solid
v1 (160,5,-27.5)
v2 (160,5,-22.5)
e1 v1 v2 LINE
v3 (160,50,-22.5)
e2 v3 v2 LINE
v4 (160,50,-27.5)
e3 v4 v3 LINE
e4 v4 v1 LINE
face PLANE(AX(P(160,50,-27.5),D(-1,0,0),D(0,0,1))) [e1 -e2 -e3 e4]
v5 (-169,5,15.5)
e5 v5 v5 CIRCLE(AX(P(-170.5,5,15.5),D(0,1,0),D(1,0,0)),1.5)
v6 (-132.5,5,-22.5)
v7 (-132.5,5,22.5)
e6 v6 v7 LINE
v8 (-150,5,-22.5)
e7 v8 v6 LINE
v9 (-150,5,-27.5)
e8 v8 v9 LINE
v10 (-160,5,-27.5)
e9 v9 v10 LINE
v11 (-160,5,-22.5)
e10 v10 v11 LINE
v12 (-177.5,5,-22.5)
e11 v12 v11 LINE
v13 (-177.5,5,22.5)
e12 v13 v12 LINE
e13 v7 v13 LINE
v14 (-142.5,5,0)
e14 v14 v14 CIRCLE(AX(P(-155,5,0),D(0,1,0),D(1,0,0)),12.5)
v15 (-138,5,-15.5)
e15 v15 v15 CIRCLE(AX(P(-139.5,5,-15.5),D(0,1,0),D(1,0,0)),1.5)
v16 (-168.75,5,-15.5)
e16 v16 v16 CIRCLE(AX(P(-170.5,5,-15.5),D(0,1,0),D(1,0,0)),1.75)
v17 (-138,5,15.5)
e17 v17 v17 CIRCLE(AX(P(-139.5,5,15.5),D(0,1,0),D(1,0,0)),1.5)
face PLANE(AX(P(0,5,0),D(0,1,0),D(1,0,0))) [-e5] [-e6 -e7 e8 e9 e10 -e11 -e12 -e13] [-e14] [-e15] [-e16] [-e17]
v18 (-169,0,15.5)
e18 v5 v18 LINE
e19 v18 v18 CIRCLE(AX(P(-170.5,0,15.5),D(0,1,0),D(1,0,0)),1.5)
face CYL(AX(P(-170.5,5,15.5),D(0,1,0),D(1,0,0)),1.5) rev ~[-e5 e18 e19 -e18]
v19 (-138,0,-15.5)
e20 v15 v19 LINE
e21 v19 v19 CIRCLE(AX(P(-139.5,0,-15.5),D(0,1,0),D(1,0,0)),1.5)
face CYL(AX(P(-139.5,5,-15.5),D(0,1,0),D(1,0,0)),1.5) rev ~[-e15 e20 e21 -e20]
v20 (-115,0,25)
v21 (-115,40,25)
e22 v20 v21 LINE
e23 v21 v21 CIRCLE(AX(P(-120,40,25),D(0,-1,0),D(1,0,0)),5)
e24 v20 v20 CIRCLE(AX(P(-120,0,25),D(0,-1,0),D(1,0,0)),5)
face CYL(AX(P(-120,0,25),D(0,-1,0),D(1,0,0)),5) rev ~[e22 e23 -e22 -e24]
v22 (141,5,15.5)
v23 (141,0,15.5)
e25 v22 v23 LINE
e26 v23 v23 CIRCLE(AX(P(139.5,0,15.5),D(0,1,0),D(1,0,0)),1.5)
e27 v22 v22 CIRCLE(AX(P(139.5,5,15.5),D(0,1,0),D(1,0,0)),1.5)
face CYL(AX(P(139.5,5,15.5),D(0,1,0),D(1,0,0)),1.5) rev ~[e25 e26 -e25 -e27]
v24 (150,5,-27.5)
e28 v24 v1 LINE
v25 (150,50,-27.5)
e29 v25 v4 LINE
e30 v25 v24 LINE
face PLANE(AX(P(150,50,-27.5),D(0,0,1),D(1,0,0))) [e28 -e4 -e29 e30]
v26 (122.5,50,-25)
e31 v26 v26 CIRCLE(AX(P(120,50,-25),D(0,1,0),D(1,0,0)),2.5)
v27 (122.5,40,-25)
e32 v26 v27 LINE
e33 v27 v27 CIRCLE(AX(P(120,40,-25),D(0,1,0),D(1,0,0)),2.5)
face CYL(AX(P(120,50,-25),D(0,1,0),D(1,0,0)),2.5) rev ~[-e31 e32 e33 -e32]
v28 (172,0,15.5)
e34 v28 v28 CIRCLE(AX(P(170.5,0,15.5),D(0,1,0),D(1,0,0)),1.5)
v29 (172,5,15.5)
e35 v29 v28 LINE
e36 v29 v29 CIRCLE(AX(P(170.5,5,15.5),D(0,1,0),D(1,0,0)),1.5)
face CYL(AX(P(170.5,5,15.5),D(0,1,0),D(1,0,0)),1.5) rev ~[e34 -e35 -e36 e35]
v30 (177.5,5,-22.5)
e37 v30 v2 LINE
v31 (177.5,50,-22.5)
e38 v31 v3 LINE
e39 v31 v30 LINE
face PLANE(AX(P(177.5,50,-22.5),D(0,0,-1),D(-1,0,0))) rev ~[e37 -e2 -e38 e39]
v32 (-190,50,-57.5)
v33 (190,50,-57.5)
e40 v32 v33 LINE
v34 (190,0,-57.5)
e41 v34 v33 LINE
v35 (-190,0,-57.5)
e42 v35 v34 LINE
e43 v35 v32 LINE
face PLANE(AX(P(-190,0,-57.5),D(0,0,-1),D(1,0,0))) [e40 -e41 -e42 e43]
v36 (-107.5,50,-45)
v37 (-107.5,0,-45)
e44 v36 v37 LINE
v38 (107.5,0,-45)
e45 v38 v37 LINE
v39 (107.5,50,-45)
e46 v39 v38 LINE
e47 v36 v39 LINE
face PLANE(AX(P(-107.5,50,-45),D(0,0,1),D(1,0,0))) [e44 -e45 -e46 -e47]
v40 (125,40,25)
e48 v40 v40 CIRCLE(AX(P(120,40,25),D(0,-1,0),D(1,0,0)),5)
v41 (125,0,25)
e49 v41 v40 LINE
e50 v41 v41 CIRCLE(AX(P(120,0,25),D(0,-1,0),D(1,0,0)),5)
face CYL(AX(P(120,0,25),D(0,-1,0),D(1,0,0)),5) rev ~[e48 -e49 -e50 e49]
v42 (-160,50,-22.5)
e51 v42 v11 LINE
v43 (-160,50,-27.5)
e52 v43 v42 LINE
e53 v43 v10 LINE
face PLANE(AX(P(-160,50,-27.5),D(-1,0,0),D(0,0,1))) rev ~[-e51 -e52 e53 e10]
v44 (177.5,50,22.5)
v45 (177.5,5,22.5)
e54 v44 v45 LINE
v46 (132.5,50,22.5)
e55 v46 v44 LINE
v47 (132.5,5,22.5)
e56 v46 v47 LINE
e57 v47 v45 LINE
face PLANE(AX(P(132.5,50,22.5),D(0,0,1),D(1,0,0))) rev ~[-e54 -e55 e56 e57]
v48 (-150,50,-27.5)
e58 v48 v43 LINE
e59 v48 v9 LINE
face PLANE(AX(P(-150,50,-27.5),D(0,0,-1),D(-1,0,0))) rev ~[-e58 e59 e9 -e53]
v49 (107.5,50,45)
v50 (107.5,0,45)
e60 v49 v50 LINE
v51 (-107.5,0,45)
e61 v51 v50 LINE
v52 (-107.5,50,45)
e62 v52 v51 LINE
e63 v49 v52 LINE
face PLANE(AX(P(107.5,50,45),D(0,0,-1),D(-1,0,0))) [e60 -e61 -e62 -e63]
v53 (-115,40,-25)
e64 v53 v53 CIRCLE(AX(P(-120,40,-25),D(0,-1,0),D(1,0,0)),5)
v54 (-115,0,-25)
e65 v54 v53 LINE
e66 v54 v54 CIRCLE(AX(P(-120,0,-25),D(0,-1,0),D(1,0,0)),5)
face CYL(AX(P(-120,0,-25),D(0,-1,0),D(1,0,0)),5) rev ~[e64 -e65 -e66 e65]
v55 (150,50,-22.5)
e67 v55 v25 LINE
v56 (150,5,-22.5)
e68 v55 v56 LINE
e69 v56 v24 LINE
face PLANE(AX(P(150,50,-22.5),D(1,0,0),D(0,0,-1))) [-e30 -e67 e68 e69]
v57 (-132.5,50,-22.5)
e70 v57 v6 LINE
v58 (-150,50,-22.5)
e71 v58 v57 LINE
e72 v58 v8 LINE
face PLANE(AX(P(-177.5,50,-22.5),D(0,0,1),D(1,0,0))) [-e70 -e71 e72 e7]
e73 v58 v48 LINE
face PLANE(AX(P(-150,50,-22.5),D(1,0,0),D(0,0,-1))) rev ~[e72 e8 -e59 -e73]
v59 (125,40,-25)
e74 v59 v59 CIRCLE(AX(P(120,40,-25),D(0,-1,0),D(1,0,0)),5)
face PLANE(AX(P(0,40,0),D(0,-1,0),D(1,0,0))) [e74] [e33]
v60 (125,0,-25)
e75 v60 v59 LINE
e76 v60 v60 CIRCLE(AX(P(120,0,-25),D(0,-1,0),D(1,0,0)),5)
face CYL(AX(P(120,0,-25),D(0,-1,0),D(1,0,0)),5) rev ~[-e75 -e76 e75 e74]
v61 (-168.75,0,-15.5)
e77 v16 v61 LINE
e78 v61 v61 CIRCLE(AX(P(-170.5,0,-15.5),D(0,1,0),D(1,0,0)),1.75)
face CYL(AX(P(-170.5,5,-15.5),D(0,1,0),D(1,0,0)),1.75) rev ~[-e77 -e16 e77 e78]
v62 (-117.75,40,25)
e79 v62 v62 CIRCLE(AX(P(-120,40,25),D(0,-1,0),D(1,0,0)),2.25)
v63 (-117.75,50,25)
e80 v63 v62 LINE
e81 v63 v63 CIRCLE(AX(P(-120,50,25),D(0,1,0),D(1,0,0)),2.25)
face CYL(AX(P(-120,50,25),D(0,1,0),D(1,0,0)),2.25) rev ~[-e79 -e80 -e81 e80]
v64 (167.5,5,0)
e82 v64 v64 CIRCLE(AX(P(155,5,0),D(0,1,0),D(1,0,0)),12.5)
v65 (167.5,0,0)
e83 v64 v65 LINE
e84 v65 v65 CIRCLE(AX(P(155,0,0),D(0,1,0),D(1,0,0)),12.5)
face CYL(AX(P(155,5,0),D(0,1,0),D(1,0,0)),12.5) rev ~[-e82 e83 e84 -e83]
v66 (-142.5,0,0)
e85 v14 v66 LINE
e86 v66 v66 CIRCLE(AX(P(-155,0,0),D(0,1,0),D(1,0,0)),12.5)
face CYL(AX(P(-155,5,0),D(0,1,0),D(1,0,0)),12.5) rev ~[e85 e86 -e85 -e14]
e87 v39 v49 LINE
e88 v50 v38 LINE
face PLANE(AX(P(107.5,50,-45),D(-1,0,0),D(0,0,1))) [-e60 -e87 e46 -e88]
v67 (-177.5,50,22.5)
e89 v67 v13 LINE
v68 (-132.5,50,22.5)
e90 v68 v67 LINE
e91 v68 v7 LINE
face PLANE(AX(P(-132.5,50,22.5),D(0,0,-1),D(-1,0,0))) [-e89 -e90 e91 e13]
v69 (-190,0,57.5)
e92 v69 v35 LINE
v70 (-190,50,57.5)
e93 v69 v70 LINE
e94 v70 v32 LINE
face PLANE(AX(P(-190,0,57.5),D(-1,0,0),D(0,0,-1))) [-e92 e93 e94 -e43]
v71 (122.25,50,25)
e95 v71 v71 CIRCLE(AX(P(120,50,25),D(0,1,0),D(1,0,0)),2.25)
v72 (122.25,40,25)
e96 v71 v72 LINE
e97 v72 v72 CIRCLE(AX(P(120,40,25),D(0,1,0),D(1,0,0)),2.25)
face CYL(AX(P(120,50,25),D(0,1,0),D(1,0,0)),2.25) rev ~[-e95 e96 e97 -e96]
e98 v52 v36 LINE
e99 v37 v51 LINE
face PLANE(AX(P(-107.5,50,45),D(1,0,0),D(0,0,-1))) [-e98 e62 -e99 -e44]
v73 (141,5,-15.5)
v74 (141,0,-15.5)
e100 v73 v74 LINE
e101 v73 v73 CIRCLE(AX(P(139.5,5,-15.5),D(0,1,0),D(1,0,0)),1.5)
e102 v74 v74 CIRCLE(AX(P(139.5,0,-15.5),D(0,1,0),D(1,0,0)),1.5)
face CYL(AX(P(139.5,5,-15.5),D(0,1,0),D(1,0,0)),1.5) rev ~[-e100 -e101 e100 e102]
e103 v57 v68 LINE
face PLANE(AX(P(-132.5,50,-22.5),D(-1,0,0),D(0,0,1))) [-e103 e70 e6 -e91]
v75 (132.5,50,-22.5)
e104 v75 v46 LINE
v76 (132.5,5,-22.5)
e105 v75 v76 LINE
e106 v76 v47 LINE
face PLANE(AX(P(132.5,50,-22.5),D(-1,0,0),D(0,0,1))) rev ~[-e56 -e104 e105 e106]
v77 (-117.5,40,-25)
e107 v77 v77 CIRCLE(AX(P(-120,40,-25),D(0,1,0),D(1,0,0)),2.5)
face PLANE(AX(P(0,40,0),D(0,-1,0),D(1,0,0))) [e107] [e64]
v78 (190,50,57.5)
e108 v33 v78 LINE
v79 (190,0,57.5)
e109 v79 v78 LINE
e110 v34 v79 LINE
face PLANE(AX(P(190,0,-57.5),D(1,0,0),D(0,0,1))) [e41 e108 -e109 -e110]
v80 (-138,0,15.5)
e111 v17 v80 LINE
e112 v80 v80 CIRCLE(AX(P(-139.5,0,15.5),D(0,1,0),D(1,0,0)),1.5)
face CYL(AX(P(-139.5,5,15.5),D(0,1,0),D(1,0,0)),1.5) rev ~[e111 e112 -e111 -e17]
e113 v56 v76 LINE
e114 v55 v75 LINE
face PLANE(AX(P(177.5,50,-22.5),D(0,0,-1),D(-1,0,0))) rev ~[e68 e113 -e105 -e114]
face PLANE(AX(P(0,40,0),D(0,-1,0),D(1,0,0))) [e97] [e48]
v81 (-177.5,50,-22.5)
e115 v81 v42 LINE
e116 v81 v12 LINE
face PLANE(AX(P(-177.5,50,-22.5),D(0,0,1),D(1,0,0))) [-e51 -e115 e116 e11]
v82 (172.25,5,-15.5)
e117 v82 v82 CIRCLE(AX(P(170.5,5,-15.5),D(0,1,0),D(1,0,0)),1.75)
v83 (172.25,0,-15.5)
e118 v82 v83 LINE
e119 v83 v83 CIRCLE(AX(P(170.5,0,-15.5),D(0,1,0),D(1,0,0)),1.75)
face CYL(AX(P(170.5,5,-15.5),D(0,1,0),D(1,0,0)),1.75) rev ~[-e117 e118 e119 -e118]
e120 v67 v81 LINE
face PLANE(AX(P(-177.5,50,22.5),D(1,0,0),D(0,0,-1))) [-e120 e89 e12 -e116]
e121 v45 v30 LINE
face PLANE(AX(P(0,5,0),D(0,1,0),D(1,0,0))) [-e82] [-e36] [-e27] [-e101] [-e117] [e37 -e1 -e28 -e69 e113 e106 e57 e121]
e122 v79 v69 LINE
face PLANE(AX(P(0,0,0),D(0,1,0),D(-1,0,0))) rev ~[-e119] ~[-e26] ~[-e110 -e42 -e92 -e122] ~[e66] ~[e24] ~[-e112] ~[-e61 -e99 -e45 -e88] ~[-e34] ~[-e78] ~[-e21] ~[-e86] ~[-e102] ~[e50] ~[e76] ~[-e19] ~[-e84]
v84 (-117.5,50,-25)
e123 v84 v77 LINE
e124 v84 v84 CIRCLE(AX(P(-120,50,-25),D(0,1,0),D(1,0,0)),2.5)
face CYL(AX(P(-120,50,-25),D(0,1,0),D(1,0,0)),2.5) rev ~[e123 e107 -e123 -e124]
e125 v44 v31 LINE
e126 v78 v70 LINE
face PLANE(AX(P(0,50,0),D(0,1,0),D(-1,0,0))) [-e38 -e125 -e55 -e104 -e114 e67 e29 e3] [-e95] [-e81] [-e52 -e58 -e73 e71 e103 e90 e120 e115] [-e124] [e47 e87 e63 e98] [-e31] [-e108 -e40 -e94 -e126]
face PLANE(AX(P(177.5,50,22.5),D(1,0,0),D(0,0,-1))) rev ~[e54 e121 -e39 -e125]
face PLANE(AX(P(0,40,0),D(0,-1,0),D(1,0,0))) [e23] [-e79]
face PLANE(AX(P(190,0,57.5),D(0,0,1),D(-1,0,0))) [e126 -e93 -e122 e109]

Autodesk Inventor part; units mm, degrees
ref_plane "YZ Plane" through (0, 0, 0) normal (1, 0, 0) x (0, 1, 0)
ref_plane "XZ Plane" through (0, 0, 0) normal (0, 1, 0) x (-1, 0, 0)
ref_plane "XY Plane" through (0, 0, 0) normal (0, 0, 1) x (1, 0, 0)
sketch "Sketch1" plane through (0, 0, 0) normal (0, 1, 0) x (-1, 0, 0)
  line L0 (190, -57.5) -> (-190, -57.5)
  line L1 (-190, -57.5) -> (-190, 57.5)
  line L2 (-190, 57.5) -> (190, 57.5)
  line L3 (190, 57.5) -> (190, -57.5)
  line L4 (0, -57.5) -> (0, 57.5) construction
  line L5 (190, 0) -> (-190, 0) construction
  point P0 (0, 0)
  point P1 (0, 0)
  dimension "d0" = 380
  dimension "d1" = 115
extrude "Extrusion1" add sketch "Sketch1" along normal blind 50
sketch "Sketch2" plane through (0, 50, 0) normal (0, 1, 0) x (1, 0, 0)
  line L0 (-177.5, 22.5) -> (-132.5, 22.5)
  line L1 (-132.5, 22.5) -> (-132.5, -22.5)
  line L2 (-132.5, -22.5) -> (-177.5, -22.5)
  line L3 (-177.5, -22.5) -> (-177.5, 22.5)
  line L4 (190, 57.5) -> (-190, 57.5) construction
  line L5 (0, 57.5) -> (0, -57.5) construction
  line L6 (-190, -57.5) -> (190, -57.5) construction
  line L7 (-190, 57.5) -> (-190, -57.5) construction
  line L8 (-190, 0) -> (190, 0) construction
  line L9 (190, -57.5) -> (190, 57.5) construction
  line L10 (-177.5, 0) -> (-132.5, 0) construction
  line L11 (-155, 22.5) -> (-155, -22.5) construction
  line L12 (177.5, 22.5) -> (132.5, 22.5)
  line L13 (132.5, 22.5) -> (132.5, -22.5)
  line L14 (132.5, -22.5) -> (177.5, -22.5)
  line L15 (177.5, -22.5) -> (177.5, 22.5)
  point P0 (0, 0)
  dimension "d4" = 45
  dimension "d5" = 45
  dimension "d6" = 310
extrude "Extrusion2" cut sketch "Sketch2" against normal blind 45
sketch "Sketch3" plane through (0, 50, 0) normal (0, 1, 0) x (1, 0, 0)
  line L0 (190, 57.5) -> (-190, 57.5) construction
  line L1 (0, 57.5) -> (0, -57.5) construction
  line L2 (-190, -57.5) -> (190, -57.5) construction
  line L3 (-132.5, 22.5) -> (-132.5, -22.5) construction
  line L4 (-132.5, 0) -> (132.5, 0) construction
  line L5 (132.5, -22.5) -> (132.5, 22.5) construction
  line L6 (-120, 25) -> (-120, -25) construction
  circle A0 centre (-120, 25) radius 2.5
  circle A1 centre (-120, -25) radius 2.25
  circle A2 centre (120, 25) radius 2.5
  circle A3 centre (120, -25) radius 2.25
  point P0 (0, 0)
  dimension "d15" = 50
  dimension "d16" = 5
  dimension "d17" = 4.5
  dimension "d18" = 50
  dimension "d19" = 240
extrude "Extrusion3" cut sketch "Sketch3" against normal up to next
sketch "Sketch4" plane through (0, 50, 0) normal (0, 1, 0) x (1, 0, 0)
  line L0 (107.5, -45) -> (-107.5, -45)
  line L1 (-107.5, -45) -> (-107.5, 45)
  line L2 (-107.5, 45) -> (107.5, 45)
  line L3 (107.5, 45) -> (107.5, -45)
  line L4 (0, -45) -> (0, 45) construction
  line L5 (107.5, 0) -> (-107.5, 0) construction
  circle A0 centre (120, -25) radius 2.25 projected
  point P0 (0, 0)
  point P1 (0, 0)
  dimension "d23" = 90
  dimension "d29" = 12.5
extrude "Extrusion4" cut sketch "Sketch4" against normal up to next contours L0 L1 L2 L3
sketch "Sketch5" plane through (0, 5, 0) normal (0, 1, 0) x (1, 0, 0)
  line L0 (-190, -57.5) -> (190, -57.5) construction
  line L1 (0, -57.5) -> (0, 57.5) construction
  line L2 (190, 57.5) -> (-190, 57.5) construction
  line L3 (132.5, -22.5) -> (132.5, 22.5) construction
  line L4 (177.5, -22.5) -> (132.5, -22.5) construction
  line L5 (177.5, 22.5) -> (177.5, -22.5) construction
  line L6 (132.5, 22.5) -> (177.5, 22.5) construction
  line L7 (177.5, -22.5) -> (132.5, -22.5) construction
  line L8 (155, -22.5) -> (155, 22.5) construction
  line L9 (132.5, 22.5) -> (177.5, 22.5) construction
  line L10 (177.5, 22.5) -> (177.5, -22.5) construction
  line L11 (177.5, 0) -> (132.5, 0) construction
  line L12 (132.5, -22.5) -> (132.5, 22.5) construction
  circle A0 centre (155, 0) radius 12.5
  circle A1 centre (-155, 0) radius 12.5
  point P0 (0, 0)
  dimension "d26" = 25
extrude "Extrusion5" cut sketch "Sketch5" against normal up to next
sketch "Sketch6" plane through (0, 5, 0) normal (0, 1, 0) x (1, 0, 0)
  line L0 (190, 57.5) -> (-190, 57.5) construction
  line L1 (0, 57.5) -> (0, -57.5) construction
  line L2 (190, -57.5) -> (-190, -57.5) construction
  line L3 (-170.5, 15.5) -> (-139.5, 15.5) construction
  line L4 (-139.5, 15.5) -> (-139.5, -15.5) construction
  line L5 (-139.5, -15.5) -> (-170.5, -15.5) construction
  line L6 (-170.5, -15.5) -> (-170.5, 15.5) construction
  line L7 (-177.5, 22.5) -> (-132.5, 22.5) construction
  line L8 (-132.5, -22.5) -> (-177.5, -22.5) construction
  line L9 (-155, 22.5) -> (-155, -22.5) construction
  line L10 (-177.5, -22.5) -> (-177.5, 22.5) construction
  line L11 (-177.5, 0) -> (-132.5, 0) construction
  line L12 (-132.5, 22.5) -> (-132.5, -22.5) construction
  line L13 (-170.5, 0) -> (-139.5, 0) construction
  line L14 (-155, -15.5) -> (-155, 15.5) construction
  circle A0 centre (-170.5, 15.5) radius 1.75
  circle A1 centre (-139.5, 15.5) radius 1.5
  circle A2 centre (-170.5, -15.5) radius 1.5
  circle A3 centre (-139.5, -15.5) radius 1.5
  circle A4 centre (170.5, 15.5) radius 1.75
  circle A5 centre (139.5, 15.5) radius 1.5
  circle A6 centre (170.5, -15.5) radius 1.5
  circle A7 centre (139.5, -15.5) radius 1.5
  point P0 (0, 0)
  point P1 (-155, 0)
  dimension "d30" = 31
  dimension "d31" = 31
  dimension "d32" = 3.5
  dimension "d33" = 3
  dimension "d34" = 3
  dimension "d35" = 3
extrude "Extrusion6" cut sketch "Sketch6" against normal up to next
sketch "Sketch7" plane through (0, 50, 0) normal (0, 1, 0) x (1, 0, 0)
  line L0 (-190, 57.5) -> (190, 57.5) construction
  line L1 (0, 57.5) -> (0, -57.5) construction
  line L2 (190, -57.5) -> (-190, -57.5) construction
  line L3 (-177.5, 22.5) -> (-132.5, 22.5) projected
  line L4 (-160, 22.5) -> (-150, 22.5)
  line L5 (-150, 22.5) -> (-150, 27.5)
  line L6 (-150, 27.5) -> (-160, 27.5)
  line L7 (-160, 27.5) -> (-160, 22.5)
  line L8 (-155, 27.5) -> (-155, 22.5) construction
  line L9 (160, 22.5) -> (150, 22.5)
  line L10 (150, 22.5) -> (150, 27.5)
  line L11 (150, 27.5) -> (160, 27.5)
  line L12 (160, 27.5) -> (160, 22.5)
  point P0 (0, 0)
  dimension "d38" = 10
  dimension "d39" = 5
  dimension "d40" = 22.5
extrude "Extrusion7" cut sketch "Sketch7" against normal blind 45
sketch "Sketch8" plane through (0, 0, 0) normal (0, -1, 0) x (1, 0, 0)
  circle A0 centre (-120, 25) radius 2.25 projected
  circle A1 centre (-120, 25) radius 5
  line L0 (-190, -57.5) -> (-190, 57.5) construction
  line L1 (-190, 0) -> (190, 0) construction
  line L2 (190, 57.5) -> (190, -57.5) construction
  line L3 (-190, -57.5) -> (190, -57.5) construction
  line L4 (0, -57.5) -> (0, 57.5) construction
  line L5 (190, 57.5) -> (-190, 57.5) construction
  circle A2 centre (-120, -25) radius 5
  circle A3 centre (120, 25) radius 5
  circle A4 centre (120, -25) radius 5
  point P0 (0, 0)
  dimension "d43" = 10
extrude "Extrusion8" cut sketch "Sketch8" against normal blind 40
properties part number "antennae_holder"
